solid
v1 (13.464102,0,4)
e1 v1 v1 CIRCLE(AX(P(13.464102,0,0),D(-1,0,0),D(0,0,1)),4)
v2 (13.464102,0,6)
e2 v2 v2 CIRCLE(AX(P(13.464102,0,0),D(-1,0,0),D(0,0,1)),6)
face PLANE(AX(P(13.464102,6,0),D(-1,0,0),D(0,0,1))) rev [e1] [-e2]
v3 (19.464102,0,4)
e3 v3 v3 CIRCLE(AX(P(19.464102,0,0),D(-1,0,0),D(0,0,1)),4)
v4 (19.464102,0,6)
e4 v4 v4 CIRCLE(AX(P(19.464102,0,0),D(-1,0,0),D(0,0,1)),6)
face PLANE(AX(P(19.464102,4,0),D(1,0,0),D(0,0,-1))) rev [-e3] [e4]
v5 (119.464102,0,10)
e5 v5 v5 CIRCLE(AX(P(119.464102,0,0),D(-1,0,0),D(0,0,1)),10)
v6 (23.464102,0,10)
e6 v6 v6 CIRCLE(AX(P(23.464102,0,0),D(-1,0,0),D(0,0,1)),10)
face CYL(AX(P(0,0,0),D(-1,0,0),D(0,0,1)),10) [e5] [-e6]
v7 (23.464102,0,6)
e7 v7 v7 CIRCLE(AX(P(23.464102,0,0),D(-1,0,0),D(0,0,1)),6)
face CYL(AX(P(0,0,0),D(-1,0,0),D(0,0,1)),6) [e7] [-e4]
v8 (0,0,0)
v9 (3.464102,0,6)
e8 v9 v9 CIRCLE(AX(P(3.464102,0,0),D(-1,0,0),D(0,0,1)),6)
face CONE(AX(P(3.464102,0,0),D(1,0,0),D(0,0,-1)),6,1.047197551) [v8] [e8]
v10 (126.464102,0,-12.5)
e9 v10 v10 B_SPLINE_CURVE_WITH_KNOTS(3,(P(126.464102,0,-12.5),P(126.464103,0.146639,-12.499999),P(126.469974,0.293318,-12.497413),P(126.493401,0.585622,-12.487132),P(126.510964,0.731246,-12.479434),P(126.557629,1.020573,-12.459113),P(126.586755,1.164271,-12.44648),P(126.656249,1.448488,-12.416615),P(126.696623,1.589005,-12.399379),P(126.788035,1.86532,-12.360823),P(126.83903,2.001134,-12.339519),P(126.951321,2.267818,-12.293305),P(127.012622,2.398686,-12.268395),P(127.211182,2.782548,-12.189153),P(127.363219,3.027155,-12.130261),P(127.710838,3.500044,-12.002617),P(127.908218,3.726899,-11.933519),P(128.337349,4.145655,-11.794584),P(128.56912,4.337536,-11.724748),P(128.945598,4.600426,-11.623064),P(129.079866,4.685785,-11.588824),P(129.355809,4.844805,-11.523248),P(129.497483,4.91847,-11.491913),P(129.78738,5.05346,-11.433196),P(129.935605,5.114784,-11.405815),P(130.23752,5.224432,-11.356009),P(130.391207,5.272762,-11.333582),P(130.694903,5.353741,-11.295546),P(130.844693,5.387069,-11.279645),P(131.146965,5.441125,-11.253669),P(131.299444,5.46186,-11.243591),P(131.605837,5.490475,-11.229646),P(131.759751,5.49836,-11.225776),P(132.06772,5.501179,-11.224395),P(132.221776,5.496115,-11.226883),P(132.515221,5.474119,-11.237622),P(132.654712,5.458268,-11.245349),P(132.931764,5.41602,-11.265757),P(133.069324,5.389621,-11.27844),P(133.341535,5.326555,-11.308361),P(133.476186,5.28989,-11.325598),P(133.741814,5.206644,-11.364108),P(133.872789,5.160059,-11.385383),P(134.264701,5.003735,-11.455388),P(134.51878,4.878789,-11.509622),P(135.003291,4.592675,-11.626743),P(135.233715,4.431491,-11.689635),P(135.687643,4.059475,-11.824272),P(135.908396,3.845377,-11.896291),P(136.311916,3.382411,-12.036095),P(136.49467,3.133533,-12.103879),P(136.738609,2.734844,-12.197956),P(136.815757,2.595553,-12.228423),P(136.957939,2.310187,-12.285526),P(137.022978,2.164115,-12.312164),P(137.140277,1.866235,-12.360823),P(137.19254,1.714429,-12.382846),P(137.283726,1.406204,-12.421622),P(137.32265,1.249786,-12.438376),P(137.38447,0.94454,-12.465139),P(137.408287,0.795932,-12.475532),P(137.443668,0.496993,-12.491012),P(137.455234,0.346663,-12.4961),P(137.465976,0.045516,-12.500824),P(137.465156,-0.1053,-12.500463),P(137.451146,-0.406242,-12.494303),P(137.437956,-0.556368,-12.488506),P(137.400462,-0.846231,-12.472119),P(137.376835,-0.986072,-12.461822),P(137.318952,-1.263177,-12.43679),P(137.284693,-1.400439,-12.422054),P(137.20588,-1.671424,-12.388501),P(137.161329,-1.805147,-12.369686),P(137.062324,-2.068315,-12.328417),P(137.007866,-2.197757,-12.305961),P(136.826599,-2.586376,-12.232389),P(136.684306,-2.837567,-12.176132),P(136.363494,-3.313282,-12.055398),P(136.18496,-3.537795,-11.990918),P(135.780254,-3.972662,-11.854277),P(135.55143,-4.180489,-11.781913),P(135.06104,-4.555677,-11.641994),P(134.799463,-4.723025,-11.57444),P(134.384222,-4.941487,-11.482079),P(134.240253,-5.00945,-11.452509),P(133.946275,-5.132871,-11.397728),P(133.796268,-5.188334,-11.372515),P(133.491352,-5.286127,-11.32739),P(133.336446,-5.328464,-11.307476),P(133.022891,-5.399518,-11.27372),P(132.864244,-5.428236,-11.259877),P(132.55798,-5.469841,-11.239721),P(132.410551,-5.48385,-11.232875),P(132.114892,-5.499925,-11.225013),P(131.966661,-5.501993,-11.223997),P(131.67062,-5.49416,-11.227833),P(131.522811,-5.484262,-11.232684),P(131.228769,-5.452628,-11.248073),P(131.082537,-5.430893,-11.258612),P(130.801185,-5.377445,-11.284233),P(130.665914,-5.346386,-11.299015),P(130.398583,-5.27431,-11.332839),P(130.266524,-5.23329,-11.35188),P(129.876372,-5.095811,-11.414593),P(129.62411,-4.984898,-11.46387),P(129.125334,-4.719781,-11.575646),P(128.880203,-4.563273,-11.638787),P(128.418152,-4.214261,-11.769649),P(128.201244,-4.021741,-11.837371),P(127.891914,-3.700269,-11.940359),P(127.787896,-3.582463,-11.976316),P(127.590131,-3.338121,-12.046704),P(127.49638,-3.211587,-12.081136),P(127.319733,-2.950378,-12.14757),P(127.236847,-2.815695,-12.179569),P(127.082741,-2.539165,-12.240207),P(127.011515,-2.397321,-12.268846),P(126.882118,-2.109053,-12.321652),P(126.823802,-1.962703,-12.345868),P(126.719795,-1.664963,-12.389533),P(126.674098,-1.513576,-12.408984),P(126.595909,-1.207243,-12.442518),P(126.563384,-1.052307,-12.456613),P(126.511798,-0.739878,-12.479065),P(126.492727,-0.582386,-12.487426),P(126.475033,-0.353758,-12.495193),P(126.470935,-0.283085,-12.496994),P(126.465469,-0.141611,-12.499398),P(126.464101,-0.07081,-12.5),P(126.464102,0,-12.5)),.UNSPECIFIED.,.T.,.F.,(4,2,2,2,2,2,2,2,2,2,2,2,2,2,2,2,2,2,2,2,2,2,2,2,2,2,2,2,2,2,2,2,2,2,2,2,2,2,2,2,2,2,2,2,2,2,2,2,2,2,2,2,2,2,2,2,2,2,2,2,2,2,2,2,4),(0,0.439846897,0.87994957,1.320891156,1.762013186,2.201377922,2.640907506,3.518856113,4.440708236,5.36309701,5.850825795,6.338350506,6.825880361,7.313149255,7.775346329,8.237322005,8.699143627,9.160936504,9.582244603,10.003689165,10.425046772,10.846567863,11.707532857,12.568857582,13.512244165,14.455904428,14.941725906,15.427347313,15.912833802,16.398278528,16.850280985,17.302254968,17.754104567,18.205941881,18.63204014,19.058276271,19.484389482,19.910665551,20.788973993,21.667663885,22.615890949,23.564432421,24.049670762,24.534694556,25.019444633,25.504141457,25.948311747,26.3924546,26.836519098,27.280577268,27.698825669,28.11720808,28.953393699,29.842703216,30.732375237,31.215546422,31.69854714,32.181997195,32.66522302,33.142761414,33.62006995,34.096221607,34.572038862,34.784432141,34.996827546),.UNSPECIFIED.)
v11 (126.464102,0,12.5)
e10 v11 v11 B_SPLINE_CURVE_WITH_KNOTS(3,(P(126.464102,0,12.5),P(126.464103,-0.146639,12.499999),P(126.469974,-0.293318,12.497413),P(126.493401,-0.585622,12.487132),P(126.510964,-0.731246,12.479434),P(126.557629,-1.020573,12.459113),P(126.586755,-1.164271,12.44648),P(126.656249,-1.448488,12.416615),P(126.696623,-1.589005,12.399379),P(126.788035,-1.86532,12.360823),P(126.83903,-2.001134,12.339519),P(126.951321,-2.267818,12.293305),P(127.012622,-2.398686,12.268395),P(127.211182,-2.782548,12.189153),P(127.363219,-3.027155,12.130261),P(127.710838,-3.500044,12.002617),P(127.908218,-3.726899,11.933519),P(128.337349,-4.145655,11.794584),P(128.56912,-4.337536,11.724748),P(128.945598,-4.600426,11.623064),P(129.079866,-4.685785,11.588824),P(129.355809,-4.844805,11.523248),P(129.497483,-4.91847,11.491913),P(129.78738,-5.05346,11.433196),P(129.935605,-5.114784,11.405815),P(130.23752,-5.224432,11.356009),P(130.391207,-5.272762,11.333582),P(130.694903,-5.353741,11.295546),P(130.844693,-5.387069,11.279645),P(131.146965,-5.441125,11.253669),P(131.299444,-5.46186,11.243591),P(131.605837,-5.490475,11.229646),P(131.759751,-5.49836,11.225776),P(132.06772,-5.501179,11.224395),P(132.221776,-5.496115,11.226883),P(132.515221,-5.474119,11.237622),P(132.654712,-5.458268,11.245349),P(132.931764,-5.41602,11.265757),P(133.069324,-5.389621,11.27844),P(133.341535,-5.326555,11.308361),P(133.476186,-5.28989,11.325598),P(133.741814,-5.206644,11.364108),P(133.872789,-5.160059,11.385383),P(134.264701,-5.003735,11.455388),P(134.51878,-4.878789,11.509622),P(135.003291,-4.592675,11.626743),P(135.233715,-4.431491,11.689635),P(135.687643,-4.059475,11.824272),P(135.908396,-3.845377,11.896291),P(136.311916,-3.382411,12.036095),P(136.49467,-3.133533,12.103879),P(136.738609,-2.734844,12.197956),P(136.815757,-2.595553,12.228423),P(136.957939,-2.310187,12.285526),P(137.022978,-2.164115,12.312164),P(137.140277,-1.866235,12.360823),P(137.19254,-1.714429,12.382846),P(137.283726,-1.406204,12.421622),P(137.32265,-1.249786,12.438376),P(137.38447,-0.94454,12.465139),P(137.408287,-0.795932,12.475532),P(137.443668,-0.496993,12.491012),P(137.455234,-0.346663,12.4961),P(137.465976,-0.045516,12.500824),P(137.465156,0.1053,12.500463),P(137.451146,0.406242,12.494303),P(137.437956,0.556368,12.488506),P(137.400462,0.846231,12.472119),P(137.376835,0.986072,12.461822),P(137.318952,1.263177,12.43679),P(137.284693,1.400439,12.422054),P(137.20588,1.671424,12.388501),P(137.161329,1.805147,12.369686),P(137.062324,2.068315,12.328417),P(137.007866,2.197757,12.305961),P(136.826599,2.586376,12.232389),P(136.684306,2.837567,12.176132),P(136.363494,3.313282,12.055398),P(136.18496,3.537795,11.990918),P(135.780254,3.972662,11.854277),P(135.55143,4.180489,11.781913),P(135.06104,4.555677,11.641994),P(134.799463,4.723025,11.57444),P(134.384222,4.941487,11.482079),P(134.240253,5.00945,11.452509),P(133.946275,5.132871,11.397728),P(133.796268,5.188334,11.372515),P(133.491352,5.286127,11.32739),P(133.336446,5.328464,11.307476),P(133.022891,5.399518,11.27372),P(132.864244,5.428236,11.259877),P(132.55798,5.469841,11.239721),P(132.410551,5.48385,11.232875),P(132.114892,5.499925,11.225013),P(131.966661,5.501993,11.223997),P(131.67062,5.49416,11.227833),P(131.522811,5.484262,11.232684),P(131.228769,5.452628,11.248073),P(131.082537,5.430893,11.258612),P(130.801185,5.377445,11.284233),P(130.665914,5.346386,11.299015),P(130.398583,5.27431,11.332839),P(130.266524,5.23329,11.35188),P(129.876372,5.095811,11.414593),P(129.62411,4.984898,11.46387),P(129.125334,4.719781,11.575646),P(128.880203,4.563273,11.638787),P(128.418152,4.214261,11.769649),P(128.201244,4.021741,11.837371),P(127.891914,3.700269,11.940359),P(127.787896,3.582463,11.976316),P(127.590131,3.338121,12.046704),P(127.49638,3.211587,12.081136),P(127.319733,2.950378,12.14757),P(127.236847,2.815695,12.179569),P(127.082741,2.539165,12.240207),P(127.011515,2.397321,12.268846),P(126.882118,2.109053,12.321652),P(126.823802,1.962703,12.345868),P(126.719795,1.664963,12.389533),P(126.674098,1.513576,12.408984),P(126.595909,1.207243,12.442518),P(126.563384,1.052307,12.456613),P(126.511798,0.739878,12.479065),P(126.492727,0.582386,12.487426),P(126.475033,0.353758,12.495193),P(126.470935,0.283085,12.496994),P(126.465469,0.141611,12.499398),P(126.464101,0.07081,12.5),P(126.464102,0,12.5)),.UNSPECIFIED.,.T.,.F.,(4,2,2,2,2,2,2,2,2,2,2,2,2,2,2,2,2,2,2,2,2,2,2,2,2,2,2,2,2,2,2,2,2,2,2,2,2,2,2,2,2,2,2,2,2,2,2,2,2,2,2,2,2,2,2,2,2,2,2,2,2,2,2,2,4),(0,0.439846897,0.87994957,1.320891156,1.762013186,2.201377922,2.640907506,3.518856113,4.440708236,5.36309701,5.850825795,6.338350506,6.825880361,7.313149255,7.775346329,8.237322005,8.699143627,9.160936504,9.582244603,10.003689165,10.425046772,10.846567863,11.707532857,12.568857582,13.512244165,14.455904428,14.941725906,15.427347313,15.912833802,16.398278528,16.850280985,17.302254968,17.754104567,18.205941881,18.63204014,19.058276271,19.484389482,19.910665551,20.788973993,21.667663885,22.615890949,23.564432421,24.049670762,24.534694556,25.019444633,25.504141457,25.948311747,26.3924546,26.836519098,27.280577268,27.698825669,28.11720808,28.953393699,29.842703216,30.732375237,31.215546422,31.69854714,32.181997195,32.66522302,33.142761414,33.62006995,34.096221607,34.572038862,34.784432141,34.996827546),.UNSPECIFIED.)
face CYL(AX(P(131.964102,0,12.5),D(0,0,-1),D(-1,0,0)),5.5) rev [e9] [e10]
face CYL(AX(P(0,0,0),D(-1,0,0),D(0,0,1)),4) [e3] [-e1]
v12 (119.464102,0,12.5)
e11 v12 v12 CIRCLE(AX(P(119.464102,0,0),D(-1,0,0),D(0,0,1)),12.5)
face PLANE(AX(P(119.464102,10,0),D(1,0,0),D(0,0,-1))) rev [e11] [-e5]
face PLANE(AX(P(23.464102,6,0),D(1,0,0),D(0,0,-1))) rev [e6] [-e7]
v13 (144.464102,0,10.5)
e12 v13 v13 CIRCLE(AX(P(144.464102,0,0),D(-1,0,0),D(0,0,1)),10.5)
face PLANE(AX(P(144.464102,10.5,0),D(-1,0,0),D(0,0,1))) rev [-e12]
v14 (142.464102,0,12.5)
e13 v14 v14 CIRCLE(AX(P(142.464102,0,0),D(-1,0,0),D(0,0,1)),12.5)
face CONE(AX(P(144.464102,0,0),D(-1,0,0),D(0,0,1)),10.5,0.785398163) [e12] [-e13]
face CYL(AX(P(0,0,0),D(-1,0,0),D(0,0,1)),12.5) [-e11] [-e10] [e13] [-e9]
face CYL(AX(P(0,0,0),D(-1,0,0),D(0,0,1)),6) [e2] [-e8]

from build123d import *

# Parameters (mm, degrees)
SKETCH2_R               = 5.5
CUT_EXTRUDE1_DEPTH      = 13.5
CUT_EXTRUDE1_DEPTH_BACK = 13.5


with BuildPart() as part:
    # Sketch1 → Revolve1 (revolve)
    with BuildSketch(Plane.XY):
        Polygon((3.464101615, 6), (0, 0), (144.464101615, 0), (144.464101615, 10.5), (142.464101615, 12.5), (119.464101615, 12.5), (119.464101615, 10), (23.464101615, 10), (23.464101615, 6), (19.464101615, 6), (19.464101615, 4), (13.464101615, 4), (13.464101615, 6), align=None)
    revolve(axis=Axis((0, 0, 0), (1, 0, 0)))

    # Sketch2 → Cut-Extrude1 (cut, two sides)
    with BuildSketch(Plane.XY) as cut_extrude1_sk:
        with Locations((131.964101615, 0)):
            Circle(SKETCH2_R)
    extrude(amount=CUT_EXTRUDE1_DEPTH, mode=Mode.SUBTRACT)
    extrude(cut_extrude1_sk.sketch, amount=-CUT_EXTRUDE1_DEPTH_BACK, mode=Mode.SUBTRACT)


solid = part.part
